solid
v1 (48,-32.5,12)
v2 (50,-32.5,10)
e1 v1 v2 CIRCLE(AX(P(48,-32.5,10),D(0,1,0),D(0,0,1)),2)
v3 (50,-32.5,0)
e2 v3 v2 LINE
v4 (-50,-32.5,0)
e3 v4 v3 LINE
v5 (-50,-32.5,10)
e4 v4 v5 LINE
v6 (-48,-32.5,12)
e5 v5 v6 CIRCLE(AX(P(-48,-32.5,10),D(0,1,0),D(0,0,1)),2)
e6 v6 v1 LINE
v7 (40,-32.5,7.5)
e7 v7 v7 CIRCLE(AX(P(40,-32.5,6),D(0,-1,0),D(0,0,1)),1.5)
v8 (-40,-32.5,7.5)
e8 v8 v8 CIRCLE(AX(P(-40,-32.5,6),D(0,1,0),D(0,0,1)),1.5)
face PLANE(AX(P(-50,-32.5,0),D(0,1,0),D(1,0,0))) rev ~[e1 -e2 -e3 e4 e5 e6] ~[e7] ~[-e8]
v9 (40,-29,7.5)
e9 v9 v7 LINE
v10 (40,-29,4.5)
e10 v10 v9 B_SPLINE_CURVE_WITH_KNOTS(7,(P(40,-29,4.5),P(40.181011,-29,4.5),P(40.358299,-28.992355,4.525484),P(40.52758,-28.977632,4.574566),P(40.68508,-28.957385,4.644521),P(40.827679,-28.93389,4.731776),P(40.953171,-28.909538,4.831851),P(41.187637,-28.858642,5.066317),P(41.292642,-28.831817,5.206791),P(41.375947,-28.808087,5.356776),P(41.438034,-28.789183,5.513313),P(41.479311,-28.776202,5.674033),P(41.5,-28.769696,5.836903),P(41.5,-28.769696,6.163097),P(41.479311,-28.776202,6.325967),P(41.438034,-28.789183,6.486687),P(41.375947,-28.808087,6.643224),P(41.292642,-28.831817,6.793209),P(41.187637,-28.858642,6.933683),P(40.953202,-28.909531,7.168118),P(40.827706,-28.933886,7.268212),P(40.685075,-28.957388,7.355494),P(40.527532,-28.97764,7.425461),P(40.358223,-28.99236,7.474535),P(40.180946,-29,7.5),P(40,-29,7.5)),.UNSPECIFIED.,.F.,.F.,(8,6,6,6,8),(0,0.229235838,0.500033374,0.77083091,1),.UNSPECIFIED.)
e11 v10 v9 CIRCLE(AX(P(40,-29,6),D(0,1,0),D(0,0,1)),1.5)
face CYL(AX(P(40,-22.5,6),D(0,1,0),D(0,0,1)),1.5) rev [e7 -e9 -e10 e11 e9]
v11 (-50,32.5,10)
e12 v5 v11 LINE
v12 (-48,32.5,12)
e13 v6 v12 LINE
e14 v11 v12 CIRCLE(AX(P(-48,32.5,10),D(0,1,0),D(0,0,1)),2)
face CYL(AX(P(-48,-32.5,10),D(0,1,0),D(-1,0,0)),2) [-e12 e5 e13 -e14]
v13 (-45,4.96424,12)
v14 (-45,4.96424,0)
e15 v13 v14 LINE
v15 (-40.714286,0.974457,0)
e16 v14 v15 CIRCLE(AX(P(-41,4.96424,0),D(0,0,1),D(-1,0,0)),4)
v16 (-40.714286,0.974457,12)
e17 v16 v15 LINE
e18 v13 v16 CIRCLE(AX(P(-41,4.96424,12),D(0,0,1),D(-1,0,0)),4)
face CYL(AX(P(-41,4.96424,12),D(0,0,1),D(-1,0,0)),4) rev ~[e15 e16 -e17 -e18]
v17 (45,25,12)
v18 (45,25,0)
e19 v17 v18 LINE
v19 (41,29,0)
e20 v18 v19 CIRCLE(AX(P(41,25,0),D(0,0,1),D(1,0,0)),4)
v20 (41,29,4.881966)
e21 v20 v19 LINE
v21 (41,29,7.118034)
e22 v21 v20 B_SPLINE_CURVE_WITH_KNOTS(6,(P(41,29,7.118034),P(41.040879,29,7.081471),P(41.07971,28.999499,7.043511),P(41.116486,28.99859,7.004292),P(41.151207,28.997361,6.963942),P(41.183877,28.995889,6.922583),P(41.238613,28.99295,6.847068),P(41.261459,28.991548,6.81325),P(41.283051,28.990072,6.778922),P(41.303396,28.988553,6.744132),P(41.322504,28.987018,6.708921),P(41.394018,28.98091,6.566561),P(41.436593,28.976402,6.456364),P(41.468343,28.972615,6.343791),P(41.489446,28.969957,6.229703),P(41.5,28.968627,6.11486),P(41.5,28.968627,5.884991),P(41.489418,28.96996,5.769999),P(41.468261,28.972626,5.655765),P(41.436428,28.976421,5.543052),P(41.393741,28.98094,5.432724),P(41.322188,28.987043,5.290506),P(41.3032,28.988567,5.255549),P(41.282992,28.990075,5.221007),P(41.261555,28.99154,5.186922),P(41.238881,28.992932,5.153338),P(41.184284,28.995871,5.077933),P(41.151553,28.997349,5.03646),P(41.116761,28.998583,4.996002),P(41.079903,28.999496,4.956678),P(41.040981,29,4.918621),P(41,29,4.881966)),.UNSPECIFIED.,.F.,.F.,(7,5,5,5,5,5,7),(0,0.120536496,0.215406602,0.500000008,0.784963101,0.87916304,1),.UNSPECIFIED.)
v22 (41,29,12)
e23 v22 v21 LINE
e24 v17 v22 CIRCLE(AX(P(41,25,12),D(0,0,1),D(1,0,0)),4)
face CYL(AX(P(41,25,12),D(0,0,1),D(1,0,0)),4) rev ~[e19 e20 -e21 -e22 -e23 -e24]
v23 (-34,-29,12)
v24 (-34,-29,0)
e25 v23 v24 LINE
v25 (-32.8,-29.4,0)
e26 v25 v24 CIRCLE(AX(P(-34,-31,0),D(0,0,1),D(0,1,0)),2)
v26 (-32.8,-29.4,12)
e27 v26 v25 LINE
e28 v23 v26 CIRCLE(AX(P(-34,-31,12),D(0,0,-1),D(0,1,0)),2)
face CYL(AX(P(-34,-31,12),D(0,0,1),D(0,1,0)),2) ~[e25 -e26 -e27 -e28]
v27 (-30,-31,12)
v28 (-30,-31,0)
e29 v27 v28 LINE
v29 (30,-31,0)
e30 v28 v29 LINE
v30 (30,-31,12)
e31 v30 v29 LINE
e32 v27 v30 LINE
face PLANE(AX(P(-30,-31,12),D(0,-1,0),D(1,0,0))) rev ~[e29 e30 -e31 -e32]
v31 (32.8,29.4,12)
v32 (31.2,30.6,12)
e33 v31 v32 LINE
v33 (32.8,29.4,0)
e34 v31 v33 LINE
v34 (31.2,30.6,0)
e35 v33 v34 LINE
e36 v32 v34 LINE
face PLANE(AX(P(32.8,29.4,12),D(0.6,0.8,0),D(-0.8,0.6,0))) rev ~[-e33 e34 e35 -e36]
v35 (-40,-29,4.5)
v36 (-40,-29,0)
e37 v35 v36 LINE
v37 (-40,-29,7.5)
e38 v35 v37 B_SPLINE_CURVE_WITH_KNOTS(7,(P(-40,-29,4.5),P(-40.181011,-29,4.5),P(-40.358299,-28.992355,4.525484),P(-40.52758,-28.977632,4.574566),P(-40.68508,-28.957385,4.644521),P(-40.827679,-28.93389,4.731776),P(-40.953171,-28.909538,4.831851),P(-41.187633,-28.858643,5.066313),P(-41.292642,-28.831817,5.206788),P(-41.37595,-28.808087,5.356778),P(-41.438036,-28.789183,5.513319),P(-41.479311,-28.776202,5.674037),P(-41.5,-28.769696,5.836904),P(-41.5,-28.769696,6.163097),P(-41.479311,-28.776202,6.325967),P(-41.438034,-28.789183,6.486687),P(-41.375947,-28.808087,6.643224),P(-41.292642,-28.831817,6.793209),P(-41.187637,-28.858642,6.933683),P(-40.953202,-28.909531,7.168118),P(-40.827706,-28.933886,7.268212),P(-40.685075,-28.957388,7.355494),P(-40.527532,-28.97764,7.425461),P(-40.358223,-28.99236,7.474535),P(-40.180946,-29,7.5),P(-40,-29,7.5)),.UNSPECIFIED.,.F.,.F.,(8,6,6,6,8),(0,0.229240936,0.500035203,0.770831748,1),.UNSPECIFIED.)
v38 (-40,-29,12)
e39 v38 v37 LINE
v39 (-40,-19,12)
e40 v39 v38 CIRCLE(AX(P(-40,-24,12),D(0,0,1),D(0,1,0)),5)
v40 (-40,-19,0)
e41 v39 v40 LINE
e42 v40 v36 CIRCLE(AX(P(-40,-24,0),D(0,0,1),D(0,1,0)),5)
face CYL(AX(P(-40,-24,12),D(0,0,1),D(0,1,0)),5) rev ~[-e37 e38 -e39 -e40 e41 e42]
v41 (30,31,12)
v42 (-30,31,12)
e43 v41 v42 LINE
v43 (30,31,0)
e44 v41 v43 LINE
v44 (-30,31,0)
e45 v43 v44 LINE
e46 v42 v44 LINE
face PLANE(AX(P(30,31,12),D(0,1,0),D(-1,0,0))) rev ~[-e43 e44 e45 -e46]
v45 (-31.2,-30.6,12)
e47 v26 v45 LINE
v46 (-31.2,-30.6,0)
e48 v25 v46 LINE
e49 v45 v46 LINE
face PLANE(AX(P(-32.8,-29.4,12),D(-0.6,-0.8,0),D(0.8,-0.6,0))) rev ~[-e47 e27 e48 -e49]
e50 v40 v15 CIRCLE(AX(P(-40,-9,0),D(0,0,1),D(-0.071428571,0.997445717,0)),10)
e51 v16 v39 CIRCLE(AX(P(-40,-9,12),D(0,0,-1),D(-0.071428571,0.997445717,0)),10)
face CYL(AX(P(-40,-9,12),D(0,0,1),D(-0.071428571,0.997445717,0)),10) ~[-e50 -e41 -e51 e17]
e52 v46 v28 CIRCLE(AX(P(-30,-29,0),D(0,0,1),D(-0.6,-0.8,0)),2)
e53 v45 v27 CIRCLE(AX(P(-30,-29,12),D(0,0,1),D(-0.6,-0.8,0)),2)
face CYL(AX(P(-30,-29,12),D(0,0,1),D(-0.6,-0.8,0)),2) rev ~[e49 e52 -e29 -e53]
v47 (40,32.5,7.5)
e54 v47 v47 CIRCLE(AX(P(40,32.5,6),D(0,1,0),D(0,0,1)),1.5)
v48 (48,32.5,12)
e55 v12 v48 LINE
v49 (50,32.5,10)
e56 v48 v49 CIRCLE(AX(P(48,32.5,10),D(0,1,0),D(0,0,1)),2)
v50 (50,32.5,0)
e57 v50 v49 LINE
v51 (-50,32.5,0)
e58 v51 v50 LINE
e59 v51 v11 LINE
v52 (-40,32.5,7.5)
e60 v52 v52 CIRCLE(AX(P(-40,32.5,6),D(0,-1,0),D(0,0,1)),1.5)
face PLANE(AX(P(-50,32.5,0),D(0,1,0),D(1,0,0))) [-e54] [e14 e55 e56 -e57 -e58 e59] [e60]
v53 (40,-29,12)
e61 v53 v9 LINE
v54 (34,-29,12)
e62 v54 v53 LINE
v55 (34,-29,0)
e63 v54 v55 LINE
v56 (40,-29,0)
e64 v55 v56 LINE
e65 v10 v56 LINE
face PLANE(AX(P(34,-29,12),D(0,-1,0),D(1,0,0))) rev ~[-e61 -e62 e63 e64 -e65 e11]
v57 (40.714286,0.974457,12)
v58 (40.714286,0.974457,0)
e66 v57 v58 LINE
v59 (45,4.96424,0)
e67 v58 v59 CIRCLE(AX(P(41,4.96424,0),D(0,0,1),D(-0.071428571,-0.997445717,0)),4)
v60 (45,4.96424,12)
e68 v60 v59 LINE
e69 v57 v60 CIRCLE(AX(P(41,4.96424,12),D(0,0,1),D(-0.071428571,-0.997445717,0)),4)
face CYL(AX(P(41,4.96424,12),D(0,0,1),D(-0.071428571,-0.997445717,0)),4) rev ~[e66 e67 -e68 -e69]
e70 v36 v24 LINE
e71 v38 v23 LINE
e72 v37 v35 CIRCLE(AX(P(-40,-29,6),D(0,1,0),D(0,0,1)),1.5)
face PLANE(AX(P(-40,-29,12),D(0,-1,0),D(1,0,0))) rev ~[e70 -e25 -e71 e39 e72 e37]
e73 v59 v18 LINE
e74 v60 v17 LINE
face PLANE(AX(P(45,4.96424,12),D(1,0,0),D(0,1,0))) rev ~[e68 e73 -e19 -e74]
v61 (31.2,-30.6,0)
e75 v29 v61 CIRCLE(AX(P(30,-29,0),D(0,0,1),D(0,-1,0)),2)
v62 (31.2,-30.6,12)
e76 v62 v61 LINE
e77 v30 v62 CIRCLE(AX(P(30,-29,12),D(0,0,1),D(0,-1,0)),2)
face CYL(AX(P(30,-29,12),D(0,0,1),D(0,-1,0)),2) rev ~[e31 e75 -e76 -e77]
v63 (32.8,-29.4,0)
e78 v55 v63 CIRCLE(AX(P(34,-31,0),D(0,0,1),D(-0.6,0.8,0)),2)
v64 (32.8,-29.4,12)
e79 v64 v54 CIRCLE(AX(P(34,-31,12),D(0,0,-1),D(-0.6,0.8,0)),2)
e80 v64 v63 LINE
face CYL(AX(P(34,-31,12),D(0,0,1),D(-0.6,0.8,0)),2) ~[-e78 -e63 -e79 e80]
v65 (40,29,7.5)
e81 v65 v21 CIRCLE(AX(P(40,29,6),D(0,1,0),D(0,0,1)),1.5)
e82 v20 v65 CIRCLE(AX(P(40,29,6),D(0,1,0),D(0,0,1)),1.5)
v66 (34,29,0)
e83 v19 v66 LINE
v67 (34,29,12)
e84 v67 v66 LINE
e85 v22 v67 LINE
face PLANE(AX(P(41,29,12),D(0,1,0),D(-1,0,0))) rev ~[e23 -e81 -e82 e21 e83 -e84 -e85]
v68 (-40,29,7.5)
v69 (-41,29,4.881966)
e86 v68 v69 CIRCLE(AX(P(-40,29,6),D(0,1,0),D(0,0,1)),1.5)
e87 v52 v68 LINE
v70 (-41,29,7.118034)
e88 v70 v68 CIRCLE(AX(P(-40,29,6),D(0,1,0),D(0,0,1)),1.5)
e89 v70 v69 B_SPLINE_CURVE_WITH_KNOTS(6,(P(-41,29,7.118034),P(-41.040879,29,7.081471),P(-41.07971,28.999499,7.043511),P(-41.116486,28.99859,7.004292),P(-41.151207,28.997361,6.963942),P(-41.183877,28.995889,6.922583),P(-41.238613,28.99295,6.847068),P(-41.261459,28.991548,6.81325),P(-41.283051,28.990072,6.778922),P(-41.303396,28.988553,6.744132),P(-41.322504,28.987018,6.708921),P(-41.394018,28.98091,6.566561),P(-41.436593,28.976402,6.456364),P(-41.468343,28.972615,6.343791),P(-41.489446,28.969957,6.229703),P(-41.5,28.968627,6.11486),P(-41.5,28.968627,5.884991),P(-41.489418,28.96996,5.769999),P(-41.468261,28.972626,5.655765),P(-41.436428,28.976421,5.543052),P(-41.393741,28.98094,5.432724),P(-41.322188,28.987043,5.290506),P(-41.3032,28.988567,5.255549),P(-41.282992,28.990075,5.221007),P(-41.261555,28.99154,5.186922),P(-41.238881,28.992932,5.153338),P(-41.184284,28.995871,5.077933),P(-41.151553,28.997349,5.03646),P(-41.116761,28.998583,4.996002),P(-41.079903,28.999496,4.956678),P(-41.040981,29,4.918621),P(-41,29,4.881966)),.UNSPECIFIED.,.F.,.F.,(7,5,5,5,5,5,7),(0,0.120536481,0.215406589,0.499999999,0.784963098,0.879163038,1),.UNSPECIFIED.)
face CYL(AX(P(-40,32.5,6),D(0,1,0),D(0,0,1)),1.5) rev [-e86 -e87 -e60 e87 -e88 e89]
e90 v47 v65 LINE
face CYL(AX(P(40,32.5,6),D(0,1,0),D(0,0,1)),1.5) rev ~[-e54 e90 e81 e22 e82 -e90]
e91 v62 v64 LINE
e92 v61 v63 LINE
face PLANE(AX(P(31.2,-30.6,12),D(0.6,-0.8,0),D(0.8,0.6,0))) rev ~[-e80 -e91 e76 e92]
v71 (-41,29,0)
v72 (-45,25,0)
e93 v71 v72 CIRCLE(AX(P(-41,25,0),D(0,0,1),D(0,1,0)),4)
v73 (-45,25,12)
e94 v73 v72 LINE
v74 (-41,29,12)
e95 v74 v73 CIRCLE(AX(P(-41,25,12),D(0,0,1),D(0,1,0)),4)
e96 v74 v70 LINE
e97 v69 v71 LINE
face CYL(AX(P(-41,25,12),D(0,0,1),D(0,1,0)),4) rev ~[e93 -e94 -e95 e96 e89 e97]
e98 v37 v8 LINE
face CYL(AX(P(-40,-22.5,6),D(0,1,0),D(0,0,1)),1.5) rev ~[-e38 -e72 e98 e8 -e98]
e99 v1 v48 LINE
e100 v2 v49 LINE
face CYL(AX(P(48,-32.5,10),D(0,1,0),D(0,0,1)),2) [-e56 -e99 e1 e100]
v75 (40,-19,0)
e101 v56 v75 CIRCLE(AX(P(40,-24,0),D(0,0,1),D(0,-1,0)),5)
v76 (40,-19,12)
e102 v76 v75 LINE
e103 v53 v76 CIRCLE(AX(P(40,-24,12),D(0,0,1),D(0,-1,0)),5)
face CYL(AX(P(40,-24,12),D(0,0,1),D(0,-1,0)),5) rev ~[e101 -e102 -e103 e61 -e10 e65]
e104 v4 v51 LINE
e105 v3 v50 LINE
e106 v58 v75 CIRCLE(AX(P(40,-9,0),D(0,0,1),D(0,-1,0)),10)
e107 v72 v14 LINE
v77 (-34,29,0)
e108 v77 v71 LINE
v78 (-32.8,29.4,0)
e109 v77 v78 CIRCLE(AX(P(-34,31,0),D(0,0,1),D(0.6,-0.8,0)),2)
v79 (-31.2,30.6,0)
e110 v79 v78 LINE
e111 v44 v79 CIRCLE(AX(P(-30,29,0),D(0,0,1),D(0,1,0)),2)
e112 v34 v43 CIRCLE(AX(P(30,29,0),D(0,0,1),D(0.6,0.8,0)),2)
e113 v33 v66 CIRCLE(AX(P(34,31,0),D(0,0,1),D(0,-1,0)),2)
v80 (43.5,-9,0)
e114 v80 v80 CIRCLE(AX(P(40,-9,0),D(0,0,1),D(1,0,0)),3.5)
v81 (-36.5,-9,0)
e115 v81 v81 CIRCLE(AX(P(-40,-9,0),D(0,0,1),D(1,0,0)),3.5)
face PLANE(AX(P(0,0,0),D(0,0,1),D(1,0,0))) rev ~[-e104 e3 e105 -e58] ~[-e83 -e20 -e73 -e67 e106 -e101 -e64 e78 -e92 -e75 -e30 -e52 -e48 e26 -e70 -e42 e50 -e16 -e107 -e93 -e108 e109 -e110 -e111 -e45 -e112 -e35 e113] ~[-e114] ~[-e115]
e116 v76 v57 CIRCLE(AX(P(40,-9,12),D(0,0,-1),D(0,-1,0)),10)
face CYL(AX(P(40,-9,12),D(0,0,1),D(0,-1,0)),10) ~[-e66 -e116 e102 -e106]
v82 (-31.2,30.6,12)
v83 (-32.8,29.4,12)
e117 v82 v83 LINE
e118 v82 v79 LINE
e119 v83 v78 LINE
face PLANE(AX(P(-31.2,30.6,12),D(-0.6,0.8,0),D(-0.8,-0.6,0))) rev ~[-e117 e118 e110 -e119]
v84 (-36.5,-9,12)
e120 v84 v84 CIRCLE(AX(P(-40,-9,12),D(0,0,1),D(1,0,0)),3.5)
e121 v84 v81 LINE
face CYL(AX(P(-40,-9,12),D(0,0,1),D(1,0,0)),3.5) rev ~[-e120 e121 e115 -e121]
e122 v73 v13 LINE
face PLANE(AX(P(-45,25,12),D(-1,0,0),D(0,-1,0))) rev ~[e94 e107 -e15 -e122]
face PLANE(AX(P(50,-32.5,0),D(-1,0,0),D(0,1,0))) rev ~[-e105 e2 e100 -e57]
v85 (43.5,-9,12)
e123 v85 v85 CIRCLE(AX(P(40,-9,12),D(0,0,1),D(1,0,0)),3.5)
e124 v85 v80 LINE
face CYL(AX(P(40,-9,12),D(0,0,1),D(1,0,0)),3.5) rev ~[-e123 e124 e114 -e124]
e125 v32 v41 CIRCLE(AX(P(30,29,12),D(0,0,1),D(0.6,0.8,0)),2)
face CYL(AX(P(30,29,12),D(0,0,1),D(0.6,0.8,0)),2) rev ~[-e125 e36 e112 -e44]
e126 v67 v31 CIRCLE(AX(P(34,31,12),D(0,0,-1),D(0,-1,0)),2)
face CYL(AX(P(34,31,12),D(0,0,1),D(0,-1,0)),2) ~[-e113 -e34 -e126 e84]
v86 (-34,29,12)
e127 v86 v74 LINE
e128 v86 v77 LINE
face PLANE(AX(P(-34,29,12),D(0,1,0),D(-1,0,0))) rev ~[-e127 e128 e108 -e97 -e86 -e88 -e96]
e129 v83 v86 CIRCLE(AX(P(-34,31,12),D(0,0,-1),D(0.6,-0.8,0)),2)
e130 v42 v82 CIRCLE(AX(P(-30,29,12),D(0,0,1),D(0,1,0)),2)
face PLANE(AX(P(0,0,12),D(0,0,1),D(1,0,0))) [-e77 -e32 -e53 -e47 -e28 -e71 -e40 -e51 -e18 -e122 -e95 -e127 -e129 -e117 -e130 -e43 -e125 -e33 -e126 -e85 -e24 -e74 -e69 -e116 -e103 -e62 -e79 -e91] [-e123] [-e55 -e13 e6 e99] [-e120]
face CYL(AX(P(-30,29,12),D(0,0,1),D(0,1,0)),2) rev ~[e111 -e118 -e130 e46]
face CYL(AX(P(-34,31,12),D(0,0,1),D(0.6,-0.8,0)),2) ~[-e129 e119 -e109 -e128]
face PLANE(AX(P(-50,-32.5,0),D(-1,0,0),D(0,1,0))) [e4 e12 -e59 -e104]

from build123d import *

# Parameters (mm, degrees)
SKETCH_1_W          = 100
SKETCH_1_H          = 65
EXTRUDE_1_DEPTH     = 12
SKETCH_2_R          = 3.5
CUT_EXTRUDE_1_DEPTH = 61.829680256
SKETCH_3_R          = 1.5
CUT_EXTRUDE_2_DEPTH = 10
CUT_EXTRUDE_START   = -10
SKETCH_4_R          = 1.5
CUT_EXTRUDE_3_DEPTH = 10
FILLET_1_R          = 2


with BuildPart() as part:
    # 草图1 → 凸台-拉伸1 (new body)
    with BuildSketch(Plane.XY):
        Rectangle(SKETCH_1_W, SKETCH_1_H)
    extrude(amount=EXTRUDE_1_DEPTH)

    # 草图2 → 切除-拉伸1 (cut, through all)
    with BuildSketch(Plane.XY.offset(12)):
        with Locations((-40, -9)):
            Circle(SKETCH_2_R)
        with Locations((40, -9)):
            Circle(SKETCH_2_R)
        with BuildLine():
            Line((30, 31), (-30, 31))
            ThreePointArc((-30, 31), (-30.632455532, 30.897366596), (-31.2, 30.6))
            Line((-31.2, 30.6), (-32.8, 29.4))
            ThreePointArc((-32.8, 29.4), (-33.367544468, 29.102633404), (-34, 29))
            Line((-34, 29), (-41, 29))
            ThreePointArc((-41, 29), (-43.828427125, 27.828427125), (-45, 25))
            Line((-45, 25), (-45, 4.964240044))
            ThreePointArc((-45, 4.964240044), (-43.725540575, 2.036539825), (-40.714285714, 0.974457174))
            ThreePointArc((-40.714285714, 0.974457174), (-30.006387747, -8.642628863), (-40, -19))
            ThreePointArc((-40, -19), (-45, -24), (-40, -29))
            Line((-40, -29), (-34, -29))
            ThreePointArc((-34, -29), (-33.367544468, -29.102633404), (-32.8, -29.4))
            Line((-32.8, -29.4), (-31.2, -30.6))
            ThreePointArc((-31.2, -30.6), (-30.632455532, -30.897366596), (-30, -31))
            Line((-30, -31), (30, -31))
            ThreePointArc((30, -31), (30.632455532, -30.897366596), (31.2, -30.6))
            Line((31.2, -30.6), (32.8, -29.4))
            ThreePointArc((32.8, -29.4), (33.367544468, -29.102633404), (34, -29))
            Line((34, -29), (40, -29))
            ThreePointArc((40, -29), (45, -24), (40, -19))
            ThreePointArc((40, -19), (30.006387747, -8.642628863), (40.714285714, 0.974457174))
            ThreePointArc((40.714285714, 0.974457174), (43.725540575, 2.036539825), (45, 4.964240044))
            Line((45, 4.964240044), (45, 25))
            ThreePointArc((45, 25), (43.828427125, 27.828427125), (41, 29))
            Line((41, 29), (34, 29))
            ThreePointArc((34, 29), (33.367544468, 29.102633404), (32.8, 29.4))
            Line((32.8, 29.4), (31.2, 30.6))
            ThreePointArc((31.2, 30.6), (30.632455532, 30.897366596), (30, 31))
        make_face()
    extrude(amount=-CUT_EXTRUDE_1_DEPTH, mode=Mode.SUBTRACT)

    # 草图3 → 切除-拉伸2 (cut)
    with BuildSketch(Plane(origin=(0, 32.5, 0), x_dir=(1, 0, 0), z_dir=(0, 1, 0))):
        with Locations(Location((40, -6, 0), (0, 0, 270))):
            Circle(SKETCH_3_R)
    cut_extrude_2 = extrude(amount=-CUT_EXTRUDE_2_DEPTH, mode=Mode.SUBTRACT)

    # 草图4 → 切除-拉伸3 (cut)
    with BuildSketch(Plane.XZ.offset(32.5).offset(CUT_EXTRUDE_START)):
        with Locations(Location((40, 6, 0), (0, 0, 90))):
            Circle(SKETCH_4_R)
    cut_extrude_3 = extrude(amount=CUT_EXTRUDE_3_DEPTH, mode=Mode.SUBTRACT)

    # 镜向1: 切除-拉伸2, 切除-拉伸3 across plane
    add(cut_extrude_2.mirror(Plane(origin=(0, 0, 0), x_dir=(0, 0, 1), z_dir=(1, 0, 0))), mode=Mode.SUBTRACT)
    add(cut_extrude_3.mirror(Plane(origin=(0, 0, 0), x_dir=(0, 0, 1), z_dir=(1, 0, 0))), mode=Mode.SUBTRACT)

    # 圆角1
    fillet_1_edges = [part.edges().sort_by_distance(p)[0] for p in [
        (-50, 0, 12),
        (50, 0, 12),
    ]]
    fillet(fillet_1_edges, radius=FILLET_1_R)


solid = part.part
